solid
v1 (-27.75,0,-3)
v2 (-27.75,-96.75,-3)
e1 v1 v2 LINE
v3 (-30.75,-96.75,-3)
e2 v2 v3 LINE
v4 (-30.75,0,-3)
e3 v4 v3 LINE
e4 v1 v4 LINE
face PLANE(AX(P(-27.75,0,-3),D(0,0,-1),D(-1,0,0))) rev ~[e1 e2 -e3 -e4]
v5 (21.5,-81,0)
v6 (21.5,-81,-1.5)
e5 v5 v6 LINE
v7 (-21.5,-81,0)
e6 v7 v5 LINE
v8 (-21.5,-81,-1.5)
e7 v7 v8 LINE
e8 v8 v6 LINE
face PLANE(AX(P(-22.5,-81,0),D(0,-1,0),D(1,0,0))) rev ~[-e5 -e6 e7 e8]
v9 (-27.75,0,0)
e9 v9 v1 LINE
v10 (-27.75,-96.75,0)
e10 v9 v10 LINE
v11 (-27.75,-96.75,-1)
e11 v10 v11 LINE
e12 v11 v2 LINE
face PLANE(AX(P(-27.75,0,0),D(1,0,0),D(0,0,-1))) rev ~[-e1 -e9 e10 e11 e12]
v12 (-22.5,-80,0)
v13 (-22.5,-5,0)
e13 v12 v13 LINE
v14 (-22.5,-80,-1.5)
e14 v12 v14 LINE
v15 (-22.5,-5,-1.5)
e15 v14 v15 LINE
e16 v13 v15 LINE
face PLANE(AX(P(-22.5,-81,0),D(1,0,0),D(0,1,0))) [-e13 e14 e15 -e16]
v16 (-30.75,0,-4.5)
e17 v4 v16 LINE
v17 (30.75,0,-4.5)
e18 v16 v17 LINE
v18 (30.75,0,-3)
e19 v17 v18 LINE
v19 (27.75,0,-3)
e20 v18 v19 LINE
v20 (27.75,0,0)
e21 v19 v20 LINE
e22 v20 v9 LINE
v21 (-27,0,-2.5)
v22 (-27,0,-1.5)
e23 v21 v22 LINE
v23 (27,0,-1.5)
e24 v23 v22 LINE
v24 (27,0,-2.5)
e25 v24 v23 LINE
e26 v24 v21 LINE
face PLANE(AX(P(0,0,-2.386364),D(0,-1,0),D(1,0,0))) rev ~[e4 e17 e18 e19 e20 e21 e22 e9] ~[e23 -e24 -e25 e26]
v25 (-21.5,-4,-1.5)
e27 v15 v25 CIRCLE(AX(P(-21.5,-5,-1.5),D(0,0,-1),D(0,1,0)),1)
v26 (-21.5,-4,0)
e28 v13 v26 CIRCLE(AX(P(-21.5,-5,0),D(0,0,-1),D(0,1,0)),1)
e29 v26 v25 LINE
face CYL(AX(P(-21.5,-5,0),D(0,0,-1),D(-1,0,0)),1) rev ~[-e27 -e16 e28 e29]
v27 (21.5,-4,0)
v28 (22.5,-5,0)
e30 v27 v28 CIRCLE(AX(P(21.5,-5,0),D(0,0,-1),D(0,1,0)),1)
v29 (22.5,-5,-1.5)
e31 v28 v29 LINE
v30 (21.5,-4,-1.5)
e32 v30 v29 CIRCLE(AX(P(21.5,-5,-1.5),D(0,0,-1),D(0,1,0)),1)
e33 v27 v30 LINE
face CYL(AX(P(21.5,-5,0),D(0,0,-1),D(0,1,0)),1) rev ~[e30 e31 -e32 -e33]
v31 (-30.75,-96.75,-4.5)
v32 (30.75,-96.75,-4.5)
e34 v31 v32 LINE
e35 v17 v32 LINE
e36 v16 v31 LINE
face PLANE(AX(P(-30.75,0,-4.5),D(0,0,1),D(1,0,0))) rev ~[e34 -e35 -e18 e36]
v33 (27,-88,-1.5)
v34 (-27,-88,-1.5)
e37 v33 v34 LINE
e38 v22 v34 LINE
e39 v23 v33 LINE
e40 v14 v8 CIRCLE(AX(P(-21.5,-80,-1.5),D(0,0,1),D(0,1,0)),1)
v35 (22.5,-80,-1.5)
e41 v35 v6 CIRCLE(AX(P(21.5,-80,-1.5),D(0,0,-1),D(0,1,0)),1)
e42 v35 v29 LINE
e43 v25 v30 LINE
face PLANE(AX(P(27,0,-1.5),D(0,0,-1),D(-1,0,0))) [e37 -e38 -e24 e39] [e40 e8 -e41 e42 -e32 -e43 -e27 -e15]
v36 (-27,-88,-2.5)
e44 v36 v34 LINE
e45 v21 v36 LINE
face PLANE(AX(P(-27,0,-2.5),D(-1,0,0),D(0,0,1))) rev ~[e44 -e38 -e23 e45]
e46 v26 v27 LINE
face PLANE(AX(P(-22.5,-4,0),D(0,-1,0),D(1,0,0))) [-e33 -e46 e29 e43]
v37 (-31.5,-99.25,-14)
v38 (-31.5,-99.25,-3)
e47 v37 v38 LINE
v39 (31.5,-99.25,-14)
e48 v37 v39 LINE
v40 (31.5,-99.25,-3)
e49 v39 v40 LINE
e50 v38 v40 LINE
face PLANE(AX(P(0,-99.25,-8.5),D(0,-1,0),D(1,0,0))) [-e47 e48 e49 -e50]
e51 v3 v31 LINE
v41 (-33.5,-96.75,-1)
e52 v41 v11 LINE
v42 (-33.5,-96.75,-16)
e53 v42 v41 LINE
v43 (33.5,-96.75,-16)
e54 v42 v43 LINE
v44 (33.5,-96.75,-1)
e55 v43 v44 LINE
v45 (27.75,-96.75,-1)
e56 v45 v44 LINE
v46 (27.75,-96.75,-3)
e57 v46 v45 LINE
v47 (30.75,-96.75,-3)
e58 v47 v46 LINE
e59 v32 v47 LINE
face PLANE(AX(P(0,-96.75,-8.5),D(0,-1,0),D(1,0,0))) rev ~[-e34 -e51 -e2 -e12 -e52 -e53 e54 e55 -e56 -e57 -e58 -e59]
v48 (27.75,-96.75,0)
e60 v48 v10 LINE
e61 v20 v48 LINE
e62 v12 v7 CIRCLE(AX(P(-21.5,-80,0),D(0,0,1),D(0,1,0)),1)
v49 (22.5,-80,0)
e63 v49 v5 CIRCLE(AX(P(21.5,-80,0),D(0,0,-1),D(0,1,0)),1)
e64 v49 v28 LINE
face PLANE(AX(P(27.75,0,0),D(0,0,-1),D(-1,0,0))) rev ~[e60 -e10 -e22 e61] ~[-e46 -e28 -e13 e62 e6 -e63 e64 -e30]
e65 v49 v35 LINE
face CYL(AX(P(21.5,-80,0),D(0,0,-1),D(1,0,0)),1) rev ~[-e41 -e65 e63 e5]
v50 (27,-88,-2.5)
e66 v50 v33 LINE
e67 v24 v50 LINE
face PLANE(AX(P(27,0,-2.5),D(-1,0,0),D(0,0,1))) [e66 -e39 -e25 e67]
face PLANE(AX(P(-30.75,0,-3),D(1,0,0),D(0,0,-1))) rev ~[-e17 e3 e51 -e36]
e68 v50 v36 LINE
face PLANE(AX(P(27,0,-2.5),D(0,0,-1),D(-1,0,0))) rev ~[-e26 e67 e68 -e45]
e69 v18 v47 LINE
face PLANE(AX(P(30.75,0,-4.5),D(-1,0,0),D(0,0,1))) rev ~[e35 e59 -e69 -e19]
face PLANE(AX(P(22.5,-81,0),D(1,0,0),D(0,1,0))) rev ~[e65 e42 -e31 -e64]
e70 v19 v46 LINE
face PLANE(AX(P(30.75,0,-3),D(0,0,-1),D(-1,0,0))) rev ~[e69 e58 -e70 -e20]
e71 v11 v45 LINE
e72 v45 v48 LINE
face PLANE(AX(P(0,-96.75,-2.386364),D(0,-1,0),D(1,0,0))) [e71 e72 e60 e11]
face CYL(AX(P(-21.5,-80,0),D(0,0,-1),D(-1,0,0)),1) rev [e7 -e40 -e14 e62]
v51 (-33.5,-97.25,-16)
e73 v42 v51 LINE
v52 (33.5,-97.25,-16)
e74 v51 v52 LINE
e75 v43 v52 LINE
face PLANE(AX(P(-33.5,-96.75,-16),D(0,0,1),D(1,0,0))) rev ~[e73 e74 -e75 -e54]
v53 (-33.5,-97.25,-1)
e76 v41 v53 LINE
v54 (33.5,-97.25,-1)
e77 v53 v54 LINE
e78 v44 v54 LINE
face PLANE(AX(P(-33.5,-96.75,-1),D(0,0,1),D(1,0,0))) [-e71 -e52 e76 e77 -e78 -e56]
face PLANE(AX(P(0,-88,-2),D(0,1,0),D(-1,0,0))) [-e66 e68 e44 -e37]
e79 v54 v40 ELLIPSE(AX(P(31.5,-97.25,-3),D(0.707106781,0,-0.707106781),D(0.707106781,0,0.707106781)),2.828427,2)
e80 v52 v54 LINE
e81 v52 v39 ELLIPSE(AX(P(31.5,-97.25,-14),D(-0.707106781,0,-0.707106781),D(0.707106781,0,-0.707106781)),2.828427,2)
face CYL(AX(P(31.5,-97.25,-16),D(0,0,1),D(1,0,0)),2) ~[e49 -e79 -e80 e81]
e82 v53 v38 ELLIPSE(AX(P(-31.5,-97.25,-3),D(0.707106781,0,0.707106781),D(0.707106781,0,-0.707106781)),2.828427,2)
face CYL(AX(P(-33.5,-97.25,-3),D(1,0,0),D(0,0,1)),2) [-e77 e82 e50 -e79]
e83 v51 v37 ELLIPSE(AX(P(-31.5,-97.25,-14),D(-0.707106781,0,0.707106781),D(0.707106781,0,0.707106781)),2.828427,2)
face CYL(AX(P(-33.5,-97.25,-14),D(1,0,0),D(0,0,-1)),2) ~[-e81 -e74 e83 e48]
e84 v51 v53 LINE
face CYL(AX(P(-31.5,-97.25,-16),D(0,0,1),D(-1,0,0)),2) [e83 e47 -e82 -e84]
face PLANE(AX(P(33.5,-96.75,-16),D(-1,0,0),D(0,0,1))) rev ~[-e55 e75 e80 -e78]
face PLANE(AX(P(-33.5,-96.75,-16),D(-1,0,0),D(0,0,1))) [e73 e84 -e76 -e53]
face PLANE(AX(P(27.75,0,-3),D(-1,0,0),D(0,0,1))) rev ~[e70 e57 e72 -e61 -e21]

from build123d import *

# Parameters (mm, degrees)
F1_DEPTH = 96.75
F2_W     = 67
F2_H     = 15
F3_DEPTH = 2.5
F4_W     = 54
F4_H     = 1
F5_DEPTH = 88
F6_W     = 45
F6_H     = 77
F7_DEPTH = 1.5
F8_R     = 1
F9_R     = 2


with BuildPart() as f1:
    # F0 (on Front) → F1 (new body)
    with BuildSketch(Plane.XZ):
        Polygon((-27.75, 0), (-27.75, -3), (-30.75, -3), (-30.75, -4.5), (30.75, -4.5), (30.75, -3), (27.75, -3), (27.75, 0), align=None)
    extrude(amount=F1_DEPTH)

    # F2 (on face) → F3 (join)
    with BuildSketch(Plane.XZ.offset(96.75)):
        with Locations((0, -8.5)):
            Rectangle(F2_W, F2_H)
    extrude(amount=F3_DEPTH)

    # F4 (on face) → F5 (cut)
    with BuildSketch(Plane(origin=(0, 0, 0), x_dir=(-1, 0, 0), z_dir=(0, 1, 0))):
        with Locations((0, -2)):
            Rectangle(F4_W, F4_H)
    extrude(amount=-F5_DEPTH, mode=Mode.SUBTRACT)

    # F6 (on face) → F7 (cut, through all)
    with BuildSketch(Plane.XY):
        with Locations((0, -42.5)):
            Rectangle(F6_W, F6_H)
    extrude(amount=-F7_DEPTH, mode=Mode.SUBTRACT)

    # F8
    f8_edges = [f1.edges().sort_by_distance(p)[0] for p in [
        (-22.5, -81, -0.75),
        (-22.5, -4, -0.75),
        (22.5, -4, -0.75),
        (22.5, -81, -0.75),
    ]]
    fillet(f8_edges, radius=F8_R)

    # F9
    f9_edges = [f1.edges().sort_by_distance(p)[0] for p in [
        (0, -99.25, -16),
        (0, -99.25, -1),
        (33.5, -99.25, -8.5),
        (-33.5, -99.25, -8.5),
    ]]
    fillet(f9_edges, radius=F9_R)


solid = f1.part
